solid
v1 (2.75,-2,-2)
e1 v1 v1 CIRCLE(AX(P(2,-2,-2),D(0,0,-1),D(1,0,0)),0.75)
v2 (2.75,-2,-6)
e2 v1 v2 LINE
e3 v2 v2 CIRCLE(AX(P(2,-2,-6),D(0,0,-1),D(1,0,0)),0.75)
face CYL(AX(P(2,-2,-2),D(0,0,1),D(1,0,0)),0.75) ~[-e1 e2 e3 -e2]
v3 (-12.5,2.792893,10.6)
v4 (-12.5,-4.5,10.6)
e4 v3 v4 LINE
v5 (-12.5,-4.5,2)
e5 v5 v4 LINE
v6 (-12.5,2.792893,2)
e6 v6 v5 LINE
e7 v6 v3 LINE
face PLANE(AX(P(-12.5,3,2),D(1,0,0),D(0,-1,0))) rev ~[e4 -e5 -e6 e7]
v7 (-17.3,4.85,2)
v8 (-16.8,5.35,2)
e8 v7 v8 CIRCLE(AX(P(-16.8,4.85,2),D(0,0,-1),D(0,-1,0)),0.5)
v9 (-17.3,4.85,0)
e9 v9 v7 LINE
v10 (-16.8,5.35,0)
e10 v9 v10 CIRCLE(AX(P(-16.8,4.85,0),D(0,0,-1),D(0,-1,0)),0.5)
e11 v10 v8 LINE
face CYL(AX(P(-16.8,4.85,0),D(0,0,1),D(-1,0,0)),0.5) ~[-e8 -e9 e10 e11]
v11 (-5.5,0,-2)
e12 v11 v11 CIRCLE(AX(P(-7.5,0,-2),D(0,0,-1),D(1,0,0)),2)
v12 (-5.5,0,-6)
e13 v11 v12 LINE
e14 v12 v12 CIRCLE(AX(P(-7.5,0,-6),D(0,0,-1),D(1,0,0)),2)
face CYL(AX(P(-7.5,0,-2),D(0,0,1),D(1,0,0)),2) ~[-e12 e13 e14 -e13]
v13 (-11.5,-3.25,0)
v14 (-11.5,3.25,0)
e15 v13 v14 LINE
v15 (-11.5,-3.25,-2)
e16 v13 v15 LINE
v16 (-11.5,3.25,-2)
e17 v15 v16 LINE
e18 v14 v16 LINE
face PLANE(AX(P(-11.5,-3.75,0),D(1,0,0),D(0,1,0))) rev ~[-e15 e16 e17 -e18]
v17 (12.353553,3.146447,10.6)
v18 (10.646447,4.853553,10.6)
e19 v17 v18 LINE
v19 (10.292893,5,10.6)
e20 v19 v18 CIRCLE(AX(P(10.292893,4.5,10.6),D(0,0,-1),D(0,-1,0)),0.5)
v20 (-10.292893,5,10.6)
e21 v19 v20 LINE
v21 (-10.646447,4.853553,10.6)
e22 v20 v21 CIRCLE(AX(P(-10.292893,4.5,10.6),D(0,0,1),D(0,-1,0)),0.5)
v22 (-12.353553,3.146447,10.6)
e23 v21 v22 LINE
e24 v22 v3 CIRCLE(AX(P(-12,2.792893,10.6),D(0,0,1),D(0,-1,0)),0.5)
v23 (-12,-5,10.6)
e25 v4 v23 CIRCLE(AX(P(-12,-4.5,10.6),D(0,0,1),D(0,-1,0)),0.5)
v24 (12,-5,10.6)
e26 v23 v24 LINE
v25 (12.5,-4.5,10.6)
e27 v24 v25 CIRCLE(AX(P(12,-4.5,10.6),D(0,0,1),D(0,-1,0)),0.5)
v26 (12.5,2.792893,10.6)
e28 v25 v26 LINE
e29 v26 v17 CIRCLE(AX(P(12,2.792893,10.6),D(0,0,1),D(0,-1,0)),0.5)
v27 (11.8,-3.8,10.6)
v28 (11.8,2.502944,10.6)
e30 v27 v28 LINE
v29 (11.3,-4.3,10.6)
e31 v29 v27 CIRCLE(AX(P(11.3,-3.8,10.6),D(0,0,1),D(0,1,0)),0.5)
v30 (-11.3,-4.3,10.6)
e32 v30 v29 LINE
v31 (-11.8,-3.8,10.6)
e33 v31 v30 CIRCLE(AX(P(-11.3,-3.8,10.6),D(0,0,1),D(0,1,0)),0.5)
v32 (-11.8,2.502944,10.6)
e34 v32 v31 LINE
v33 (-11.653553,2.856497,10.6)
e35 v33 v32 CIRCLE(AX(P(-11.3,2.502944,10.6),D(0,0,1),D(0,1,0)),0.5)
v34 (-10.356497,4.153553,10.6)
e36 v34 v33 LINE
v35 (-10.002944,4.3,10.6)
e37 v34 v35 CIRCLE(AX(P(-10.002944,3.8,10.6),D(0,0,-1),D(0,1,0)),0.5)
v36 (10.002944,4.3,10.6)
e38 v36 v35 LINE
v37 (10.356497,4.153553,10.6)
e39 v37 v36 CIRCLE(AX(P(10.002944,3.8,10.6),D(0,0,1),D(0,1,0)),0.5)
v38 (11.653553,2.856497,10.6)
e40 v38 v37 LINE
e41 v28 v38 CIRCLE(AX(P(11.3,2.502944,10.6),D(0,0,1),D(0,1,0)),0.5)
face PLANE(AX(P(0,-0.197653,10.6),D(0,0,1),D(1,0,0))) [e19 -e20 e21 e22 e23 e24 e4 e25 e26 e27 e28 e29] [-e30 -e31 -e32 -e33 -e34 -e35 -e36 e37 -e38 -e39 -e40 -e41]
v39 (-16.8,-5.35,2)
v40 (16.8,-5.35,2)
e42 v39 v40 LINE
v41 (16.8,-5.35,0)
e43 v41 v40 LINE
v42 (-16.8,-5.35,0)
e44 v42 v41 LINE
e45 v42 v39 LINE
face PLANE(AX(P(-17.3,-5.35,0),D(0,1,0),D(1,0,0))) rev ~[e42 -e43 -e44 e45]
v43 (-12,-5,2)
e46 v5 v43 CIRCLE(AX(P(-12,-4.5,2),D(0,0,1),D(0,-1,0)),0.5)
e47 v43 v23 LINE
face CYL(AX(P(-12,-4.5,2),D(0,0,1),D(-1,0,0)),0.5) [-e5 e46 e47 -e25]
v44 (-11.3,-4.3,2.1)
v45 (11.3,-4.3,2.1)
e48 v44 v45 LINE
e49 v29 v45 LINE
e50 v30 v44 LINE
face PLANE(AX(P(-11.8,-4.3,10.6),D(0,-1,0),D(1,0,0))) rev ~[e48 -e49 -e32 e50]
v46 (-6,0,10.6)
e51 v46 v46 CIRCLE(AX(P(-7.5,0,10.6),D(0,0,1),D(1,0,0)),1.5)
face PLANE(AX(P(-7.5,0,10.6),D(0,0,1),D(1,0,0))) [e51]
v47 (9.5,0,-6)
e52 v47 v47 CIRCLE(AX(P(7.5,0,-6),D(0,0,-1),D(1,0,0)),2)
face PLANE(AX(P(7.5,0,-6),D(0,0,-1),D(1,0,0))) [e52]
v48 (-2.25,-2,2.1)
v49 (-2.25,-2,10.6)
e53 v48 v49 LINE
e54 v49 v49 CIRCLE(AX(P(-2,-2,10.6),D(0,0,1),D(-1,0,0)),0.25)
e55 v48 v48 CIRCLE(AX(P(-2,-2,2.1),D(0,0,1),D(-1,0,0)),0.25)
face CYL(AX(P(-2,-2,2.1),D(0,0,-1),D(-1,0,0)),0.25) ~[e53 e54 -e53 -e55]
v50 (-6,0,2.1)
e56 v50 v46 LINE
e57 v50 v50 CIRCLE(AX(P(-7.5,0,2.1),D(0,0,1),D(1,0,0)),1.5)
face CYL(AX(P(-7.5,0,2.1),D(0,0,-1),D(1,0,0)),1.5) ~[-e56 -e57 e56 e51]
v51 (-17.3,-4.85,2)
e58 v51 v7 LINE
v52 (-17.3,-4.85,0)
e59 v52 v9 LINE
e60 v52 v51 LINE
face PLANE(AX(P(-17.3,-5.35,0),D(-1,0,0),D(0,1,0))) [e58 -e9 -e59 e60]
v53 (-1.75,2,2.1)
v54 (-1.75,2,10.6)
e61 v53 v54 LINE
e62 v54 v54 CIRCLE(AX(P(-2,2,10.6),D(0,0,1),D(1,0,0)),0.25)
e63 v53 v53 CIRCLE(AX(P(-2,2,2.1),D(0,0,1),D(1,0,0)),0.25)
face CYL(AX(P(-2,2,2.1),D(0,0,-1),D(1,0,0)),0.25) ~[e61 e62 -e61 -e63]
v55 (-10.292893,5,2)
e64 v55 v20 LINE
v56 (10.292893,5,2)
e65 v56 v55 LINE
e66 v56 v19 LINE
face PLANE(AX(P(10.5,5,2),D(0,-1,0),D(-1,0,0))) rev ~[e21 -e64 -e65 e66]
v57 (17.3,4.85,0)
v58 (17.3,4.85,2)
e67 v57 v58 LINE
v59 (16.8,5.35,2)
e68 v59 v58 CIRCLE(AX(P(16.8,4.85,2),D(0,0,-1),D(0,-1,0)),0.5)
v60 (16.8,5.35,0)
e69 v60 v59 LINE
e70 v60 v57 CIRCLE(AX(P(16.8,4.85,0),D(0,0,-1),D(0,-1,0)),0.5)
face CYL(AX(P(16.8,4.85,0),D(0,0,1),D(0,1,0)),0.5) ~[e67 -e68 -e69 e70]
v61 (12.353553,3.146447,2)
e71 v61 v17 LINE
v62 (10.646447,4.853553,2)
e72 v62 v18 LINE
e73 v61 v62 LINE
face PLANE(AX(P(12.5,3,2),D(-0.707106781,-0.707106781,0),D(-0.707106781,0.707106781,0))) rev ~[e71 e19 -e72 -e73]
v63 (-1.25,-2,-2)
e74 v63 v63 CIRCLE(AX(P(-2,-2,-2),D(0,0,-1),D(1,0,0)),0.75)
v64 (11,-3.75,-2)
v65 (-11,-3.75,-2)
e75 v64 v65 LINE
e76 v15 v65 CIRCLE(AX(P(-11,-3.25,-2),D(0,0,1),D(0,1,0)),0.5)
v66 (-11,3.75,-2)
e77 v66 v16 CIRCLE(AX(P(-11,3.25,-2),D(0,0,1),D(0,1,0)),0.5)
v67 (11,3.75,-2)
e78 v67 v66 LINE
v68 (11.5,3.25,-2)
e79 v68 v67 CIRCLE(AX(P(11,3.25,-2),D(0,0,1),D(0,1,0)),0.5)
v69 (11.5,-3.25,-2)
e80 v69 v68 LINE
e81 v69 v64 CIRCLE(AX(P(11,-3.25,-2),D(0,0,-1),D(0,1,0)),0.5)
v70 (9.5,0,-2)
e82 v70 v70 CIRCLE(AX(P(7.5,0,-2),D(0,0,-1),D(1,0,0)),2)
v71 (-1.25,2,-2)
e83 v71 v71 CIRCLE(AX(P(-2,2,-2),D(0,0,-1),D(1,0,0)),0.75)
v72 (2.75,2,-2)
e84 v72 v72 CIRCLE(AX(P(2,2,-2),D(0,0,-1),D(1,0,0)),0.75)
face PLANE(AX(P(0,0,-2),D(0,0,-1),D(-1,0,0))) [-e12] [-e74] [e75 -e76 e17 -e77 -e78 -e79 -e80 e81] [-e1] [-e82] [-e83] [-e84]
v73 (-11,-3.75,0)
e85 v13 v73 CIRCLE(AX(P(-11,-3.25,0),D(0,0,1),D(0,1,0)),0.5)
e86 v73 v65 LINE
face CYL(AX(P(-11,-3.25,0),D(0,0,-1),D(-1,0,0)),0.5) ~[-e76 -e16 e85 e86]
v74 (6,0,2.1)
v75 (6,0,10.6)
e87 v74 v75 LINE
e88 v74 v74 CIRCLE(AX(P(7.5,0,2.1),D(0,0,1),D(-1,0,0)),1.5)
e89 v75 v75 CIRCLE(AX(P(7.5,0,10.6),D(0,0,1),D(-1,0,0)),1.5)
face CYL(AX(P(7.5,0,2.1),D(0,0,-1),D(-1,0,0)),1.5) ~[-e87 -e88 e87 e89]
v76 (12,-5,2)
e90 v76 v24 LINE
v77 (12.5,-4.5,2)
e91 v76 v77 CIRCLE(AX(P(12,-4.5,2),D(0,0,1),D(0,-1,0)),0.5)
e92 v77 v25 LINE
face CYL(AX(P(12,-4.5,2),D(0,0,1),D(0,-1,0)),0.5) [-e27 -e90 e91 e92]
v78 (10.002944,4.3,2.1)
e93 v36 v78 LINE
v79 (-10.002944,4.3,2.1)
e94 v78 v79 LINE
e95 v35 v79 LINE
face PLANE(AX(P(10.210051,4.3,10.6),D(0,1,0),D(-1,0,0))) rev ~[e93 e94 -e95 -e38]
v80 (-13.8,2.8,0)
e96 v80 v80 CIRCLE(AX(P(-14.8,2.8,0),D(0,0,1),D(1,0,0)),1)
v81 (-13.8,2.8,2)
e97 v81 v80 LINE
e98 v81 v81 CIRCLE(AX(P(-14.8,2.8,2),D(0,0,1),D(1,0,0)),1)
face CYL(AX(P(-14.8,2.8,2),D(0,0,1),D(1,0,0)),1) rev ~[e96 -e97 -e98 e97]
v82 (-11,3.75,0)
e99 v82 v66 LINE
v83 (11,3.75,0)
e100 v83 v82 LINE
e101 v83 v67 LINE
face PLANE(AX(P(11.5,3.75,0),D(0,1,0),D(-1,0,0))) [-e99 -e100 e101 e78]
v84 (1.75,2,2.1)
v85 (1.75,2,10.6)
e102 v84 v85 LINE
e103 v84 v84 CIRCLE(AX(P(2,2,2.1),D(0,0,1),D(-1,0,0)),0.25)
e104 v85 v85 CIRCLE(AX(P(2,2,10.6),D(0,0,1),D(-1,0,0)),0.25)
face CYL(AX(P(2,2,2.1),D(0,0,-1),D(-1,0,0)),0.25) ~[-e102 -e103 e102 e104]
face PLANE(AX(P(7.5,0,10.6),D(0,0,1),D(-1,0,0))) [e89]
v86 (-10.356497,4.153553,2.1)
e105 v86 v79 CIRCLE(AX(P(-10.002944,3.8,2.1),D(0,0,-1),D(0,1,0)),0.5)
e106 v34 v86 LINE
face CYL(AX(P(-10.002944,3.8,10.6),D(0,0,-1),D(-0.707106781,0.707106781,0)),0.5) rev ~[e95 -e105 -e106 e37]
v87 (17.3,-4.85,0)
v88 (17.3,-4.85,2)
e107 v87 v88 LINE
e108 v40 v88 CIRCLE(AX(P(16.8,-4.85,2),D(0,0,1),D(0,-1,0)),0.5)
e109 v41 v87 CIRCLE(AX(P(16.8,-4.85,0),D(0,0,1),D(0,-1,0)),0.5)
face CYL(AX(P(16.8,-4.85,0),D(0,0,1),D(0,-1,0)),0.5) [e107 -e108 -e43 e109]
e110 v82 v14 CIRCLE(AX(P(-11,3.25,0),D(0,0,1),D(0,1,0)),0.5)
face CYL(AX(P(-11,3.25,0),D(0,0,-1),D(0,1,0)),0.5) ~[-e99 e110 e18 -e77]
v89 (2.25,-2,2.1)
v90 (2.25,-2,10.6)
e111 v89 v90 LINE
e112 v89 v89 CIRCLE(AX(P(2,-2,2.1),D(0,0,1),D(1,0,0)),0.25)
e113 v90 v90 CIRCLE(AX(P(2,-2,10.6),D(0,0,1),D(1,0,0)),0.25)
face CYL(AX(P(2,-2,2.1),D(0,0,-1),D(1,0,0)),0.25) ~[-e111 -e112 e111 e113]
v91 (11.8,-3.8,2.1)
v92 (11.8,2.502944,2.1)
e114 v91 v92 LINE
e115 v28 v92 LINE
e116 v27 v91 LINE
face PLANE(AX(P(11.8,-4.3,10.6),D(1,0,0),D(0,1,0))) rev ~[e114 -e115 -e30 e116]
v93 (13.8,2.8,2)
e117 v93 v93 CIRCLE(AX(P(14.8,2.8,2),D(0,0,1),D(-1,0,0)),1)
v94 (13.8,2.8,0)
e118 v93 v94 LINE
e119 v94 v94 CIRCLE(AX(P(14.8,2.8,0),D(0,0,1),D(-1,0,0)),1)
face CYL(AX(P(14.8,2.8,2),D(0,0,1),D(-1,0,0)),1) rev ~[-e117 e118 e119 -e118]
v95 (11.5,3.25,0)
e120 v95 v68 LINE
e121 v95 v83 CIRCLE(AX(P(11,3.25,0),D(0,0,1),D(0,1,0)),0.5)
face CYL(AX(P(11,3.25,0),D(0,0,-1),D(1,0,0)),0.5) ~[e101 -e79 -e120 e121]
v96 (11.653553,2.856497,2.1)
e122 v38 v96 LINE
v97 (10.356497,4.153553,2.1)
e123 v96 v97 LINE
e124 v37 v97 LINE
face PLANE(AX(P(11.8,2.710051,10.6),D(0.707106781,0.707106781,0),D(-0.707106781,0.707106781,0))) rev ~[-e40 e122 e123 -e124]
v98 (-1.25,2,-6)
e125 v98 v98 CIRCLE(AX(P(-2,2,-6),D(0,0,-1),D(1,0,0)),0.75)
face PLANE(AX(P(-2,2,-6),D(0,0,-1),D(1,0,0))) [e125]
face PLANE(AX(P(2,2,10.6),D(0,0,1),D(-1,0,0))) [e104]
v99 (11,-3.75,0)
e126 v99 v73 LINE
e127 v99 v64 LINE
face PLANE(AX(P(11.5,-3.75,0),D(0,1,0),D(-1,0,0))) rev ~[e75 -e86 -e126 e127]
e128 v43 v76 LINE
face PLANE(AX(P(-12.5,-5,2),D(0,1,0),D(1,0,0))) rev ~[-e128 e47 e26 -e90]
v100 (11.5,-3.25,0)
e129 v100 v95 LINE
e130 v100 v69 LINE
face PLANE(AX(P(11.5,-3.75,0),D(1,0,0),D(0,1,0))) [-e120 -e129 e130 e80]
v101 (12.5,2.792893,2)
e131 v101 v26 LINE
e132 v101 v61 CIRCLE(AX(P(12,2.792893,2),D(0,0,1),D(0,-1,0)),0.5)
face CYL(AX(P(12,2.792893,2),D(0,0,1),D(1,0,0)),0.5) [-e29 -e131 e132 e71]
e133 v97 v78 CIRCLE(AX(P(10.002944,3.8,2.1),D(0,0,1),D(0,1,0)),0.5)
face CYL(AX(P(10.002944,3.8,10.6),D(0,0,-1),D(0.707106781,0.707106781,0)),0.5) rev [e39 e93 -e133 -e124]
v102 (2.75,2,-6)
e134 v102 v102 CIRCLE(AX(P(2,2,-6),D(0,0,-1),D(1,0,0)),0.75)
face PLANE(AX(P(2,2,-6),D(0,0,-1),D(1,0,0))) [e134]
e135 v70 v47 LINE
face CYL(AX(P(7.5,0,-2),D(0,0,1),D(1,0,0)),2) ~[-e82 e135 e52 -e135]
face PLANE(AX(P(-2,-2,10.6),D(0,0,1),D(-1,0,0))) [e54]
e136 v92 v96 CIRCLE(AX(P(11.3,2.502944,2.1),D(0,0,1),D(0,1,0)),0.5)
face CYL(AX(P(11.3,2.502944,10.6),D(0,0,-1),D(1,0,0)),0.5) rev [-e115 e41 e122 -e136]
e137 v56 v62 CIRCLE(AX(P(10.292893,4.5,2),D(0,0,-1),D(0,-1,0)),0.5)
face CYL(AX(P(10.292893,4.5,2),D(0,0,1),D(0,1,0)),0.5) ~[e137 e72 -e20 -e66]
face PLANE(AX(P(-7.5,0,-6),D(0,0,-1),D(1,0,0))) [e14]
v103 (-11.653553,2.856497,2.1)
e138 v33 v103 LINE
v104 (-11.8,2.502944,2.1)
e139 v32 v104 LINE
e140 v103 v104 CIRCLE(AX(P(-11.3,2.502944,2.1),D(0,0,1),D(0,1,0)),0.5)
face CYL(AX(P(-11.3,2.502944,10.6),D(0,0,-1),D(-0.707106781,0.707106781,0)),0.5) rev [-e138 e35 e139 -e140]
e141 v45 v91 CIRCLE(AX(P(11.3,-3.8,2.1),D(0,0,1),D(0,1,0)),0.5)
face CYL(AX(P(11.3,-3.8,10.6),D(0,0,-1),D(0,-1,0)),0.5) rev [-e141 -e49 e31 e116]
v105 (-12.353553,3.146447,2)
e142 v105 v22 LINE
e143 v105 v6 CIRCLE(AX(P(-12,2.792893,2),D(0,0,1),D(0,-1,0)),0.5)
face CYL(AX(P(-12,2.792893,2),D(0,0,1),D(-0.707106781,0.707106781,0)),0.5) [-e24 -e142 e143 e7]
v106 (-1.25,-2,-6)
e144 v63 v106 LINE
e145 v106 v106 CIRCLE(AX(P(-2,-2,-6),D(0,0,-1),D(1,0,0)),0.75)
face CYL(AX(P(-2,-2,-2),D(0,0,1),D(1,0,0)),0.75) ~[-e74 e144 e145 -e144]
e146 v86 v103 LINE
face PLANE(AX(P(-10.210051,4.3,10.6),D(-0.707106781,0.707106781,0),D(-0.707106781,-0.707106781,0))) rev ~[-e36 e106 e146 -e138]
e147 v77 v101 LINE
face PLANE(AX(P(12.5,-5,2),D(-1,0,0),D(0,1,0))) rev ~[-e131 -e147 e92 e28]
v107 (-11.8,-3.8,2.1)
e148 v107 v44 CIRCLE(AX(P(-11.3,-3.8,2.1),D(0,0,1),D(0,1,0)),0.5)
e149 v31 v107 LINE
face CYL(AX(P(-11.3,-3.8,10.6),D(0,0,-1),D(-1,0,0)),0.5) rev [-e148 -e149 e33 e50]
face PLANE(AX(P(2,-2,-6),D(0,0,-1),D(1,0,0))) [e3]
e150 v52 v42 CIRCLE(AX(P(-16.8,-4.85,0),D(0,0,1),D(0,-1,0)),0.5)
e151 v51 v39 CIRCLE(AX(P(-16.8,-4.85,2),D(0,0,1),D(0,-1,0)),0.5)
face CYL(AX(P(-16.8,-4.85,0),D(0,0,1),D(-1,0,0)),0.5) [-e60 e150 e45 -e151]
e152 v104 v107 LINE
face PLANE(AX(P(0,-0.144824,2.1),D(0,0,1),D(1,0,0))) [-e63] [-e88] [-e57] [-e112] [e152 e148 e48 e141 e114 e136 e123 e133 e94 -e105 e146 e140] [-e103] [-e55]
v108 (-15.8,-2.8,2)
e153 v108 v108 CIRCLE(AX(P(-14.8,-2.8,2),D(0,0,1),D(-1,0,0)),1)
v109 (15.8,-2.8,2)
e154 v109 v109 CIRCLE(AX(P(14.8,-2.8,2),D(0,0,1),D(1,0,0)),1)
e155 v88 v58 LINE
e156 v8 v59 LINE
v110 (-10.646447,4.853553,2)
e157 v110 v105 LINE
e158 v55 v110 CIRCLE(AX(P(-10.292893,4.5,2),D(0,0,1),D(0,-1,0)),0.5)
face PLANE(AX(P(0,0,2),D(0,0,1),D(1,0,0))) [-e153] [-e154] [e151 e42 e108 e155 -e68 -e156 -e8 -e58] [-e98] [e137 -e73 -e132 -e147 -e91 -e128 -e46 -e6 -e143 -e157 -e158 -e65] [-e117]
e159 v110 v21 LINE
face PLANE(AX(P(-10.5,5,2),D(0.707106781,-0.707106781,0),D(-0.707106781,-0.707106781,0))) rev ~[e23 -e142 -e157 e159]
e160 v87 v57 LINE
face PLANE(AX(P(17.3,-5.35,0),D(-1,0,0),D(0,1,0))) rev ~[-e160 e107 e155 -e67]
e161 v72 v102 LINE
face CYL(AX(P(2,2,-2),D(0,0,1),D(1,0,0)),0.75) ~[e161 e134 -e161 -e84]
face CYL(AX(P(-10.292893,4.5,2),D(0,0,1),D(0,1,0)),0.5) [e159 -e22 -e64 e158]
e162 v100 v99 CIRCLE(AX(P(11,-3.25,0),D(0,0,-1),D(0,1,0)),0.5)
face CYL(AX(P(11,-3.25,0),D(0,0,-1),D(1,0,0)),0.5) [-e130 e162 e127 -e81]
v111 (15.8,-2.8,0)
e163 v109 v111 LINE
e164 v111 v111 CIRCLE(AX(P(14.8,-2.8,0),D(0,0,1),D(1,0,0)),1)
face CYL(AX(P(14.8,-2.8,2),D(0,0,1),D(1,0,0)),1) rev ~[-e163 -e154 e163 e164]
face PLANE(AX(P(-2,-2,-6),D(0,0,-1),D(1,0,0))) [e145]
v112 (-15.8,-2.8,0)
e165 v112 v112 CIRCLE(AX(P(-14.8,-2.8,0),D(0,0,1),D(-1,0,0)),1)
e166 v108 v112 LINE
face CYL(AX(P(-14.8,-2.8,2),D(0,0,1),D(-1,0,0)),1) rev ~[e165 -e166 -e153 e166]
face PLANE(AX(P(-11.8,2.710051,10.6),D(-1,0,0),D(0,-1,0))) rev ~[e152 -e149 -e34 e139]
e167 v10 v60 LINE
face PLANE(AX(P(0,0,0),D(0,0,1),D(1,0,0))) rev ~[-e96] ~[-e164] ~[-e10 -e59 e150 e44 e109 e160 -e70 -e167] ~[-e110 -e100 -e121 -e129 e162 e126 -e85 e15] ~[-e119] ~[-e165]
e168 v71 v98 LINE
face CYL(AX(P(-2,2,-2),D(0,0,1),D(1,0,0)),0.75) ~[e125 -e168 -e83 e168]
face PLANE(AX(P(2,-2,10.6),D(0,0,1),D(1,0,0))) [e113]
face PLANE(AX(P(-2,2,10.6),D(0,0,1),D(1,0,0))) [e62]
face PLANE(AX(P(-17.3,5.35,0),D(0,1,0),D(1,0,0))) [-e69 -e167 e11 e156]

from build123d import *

# Parameters (mm, degrees)
SKETCH_1_W          = 34.6
SKETCH_1_H          = 10.7
EXTRUDE_1_DEPTH     = 2
SKETCH_2_R          = 1
CUT_EXTRUDE_1_DEPTH = 2
EXTRUDE_2_DEPTH     = 8.6
CUT_EXTRUDE_2_DEPTH = 8.5
SKETCH_5_R          = 1.5
SKETCH_5_R_2        = 0.25
EXTRUDE_3_DEPTH     = 8.5
SKETCH_6_W          = 23
SKETCH_6_H          = 7.5
EXTRUDE_4_DEPTH     = 2
SKETCH_7_R          = 2
SKETCH_7_R_2        = 0.75
EXTRUDE_5_DEPTH     = 4
FILLET_2_R          = 0.5


with BuildPart() as part:
    # 草图1 → 凸台-拉伸1 (new body)
    with BuildSketch(Plane.XY):
        Rectangle(SKETCH_1_W, SKETCH_1_H)
    extrude(amount=EXTRUDE_1_DEPTH)

    # 草图2 → 切除-拉伸1 (cut)
    with BuildSketch(Plane.XY.offset(2)):
        with Locations((-14.8, 2.8)):
            Circle(SKETCH_2_R)
        with Locations(Location((14.8, 2.8, 0), (0, 0, 180))):
            Circle(SKETCH_2_R)
        with Locations((14.8, -2.8)):
            Circle(SKETCH_2_R)
        with Locations(Location((-14.8, -2.8, 0), (0, 0, 180))):
            Circle(SKETCH_2_R)
    extrude(amount=-CUT_EXTRUDE_1_DEPTH, mode=Mode.SUBTRACT)

    # 草图3 → 凸台-拉伸2 (add)
    with BuildSketch(Plane.XY.offset(2)):
        Polygon((10.5, 5), (-10.5, 5), (-12.5, 3), (-12.5, -5), (12.5, -5), (12.5, 3), align=None)
    extrude(amount=EXTRUDE_2_DEPTH)

    # 草图4 → 切除-拉伸2 (cut)
    with BuildSketch(Plane.XY.offset(10.6)):
        Polygon((-10.210050506, 4.3), (-11.8, 2.710050506), (-11.8, -4.3), (11.8, -4.3), (11.8, 2.710050506), (10.210050506, 4.3), align=None)
    extrude(amount=-CUT_EXTRUDE_2_DEPTH, mode=Mode.SUBTRACT)

    # 草图5 → 凸台-拉伸3 (add)
    with BuildSketch(Plane.XY.offset(2.1)):
        with Locations((-7.5, 0)):
            Circle(SKETCH_5_R)
        with Locations((-2, 2)):
            Circle(SKETCH_5_R_2)
        with Locations(Location((2, 2, 0), (0, 0, 180))):
            Circle(SKETCH_5_R_2)
        with Locations(Location((7.5, 0, 0), (0, 0, 180))):
            Circle(SKETCH_5_R)
        with Locations((2, -2)):
            Circle(SKETCH_5_R_2)
        with Locations(Location((-2, -2, 0), (0, 0, 180))):
            Circle(SKETCH_5_R_2)
    extrude(amount=EXTRUDE_3_DEPTH)

    # 草图6 → 凸台-拉伸4 (add)
    with BuildSketch(Plane(origin=(0, 0, 0), x_dir=(-1, 0, 0), z_dir=(0, 0, -1))):
        Rectangle(SKETCH_6_W, SKETCH_6_H)
    extrude(amount=EXTRUDE_4_DEPTH)

    # 草图7 → 凸台-拉伸5 (add)
    with BuildSketch(Plane(origin=(0, 0, -2), x_dir=(-1, 0, 0), z_dir=(0, 0, -1))):
        with Locations(Location((-7.5, 0, 0), (0, 0, 180))):
            Circle(SKETCH_7_R)
        with Locations(Location((-2, 2, 0), (0, 0, 180))):
            Circle(SKETCH_7_R_2)
        with Locations(Location((2, 2, 0), (0, 0, 180))):
            Circle(SKETCH_7_R_2)
        with Locations(Location((7.5, 0, 0), (0, 0, 180))):
            Circle(SKETCH_7_R)
        with Locations(Location((2, -2, 0), (0, 0, 180))):
            Circle(SKETCH_7_R_2)
        with Locations(Location((-2, -2, 0), (0, 0, 180))):
            Circle(SKETCH_7_R_2)
    extrude(amount=EXTRUDE_5_DEPTH)

    # 圆角2
    fillet_2_edges = [part.edges().sort_by_distance(p)[0] for p in [
        (-10.5, 5, 6.3),
        (-12.5, 3, 6.3),
        (-12.5, -5, 6.3),
        (12.5, -5, 6.3),
        (12.5, 3, 6.3),
        (10.5, 5, 6.3),
        (-10.210050506, 4.3, 6.35),
        (10.210050506, 4.3, 6.35),
        (11.8, 2.710050506, 6.35),
        (11.8, -4.3, 6.35),
        (-11.8, -4.3, 6.35),
        (-11.8, 2.710050506, 6.35),
        (17.3, -5.35, 1),
        (-17.3, -5.35, 1),
        (-17.3, 5.35, 1),
        (17.3, 5.35, 1),
        (-11.5, -3.75, -1),
        (-11.5, 3.75, -1),
        (11.5, 3.75, -1),
        (11.5, -3.75, -1),
    ]]
    fillet(fillet_2_edges, radius=FILLET_2_R)


solid = part.part
